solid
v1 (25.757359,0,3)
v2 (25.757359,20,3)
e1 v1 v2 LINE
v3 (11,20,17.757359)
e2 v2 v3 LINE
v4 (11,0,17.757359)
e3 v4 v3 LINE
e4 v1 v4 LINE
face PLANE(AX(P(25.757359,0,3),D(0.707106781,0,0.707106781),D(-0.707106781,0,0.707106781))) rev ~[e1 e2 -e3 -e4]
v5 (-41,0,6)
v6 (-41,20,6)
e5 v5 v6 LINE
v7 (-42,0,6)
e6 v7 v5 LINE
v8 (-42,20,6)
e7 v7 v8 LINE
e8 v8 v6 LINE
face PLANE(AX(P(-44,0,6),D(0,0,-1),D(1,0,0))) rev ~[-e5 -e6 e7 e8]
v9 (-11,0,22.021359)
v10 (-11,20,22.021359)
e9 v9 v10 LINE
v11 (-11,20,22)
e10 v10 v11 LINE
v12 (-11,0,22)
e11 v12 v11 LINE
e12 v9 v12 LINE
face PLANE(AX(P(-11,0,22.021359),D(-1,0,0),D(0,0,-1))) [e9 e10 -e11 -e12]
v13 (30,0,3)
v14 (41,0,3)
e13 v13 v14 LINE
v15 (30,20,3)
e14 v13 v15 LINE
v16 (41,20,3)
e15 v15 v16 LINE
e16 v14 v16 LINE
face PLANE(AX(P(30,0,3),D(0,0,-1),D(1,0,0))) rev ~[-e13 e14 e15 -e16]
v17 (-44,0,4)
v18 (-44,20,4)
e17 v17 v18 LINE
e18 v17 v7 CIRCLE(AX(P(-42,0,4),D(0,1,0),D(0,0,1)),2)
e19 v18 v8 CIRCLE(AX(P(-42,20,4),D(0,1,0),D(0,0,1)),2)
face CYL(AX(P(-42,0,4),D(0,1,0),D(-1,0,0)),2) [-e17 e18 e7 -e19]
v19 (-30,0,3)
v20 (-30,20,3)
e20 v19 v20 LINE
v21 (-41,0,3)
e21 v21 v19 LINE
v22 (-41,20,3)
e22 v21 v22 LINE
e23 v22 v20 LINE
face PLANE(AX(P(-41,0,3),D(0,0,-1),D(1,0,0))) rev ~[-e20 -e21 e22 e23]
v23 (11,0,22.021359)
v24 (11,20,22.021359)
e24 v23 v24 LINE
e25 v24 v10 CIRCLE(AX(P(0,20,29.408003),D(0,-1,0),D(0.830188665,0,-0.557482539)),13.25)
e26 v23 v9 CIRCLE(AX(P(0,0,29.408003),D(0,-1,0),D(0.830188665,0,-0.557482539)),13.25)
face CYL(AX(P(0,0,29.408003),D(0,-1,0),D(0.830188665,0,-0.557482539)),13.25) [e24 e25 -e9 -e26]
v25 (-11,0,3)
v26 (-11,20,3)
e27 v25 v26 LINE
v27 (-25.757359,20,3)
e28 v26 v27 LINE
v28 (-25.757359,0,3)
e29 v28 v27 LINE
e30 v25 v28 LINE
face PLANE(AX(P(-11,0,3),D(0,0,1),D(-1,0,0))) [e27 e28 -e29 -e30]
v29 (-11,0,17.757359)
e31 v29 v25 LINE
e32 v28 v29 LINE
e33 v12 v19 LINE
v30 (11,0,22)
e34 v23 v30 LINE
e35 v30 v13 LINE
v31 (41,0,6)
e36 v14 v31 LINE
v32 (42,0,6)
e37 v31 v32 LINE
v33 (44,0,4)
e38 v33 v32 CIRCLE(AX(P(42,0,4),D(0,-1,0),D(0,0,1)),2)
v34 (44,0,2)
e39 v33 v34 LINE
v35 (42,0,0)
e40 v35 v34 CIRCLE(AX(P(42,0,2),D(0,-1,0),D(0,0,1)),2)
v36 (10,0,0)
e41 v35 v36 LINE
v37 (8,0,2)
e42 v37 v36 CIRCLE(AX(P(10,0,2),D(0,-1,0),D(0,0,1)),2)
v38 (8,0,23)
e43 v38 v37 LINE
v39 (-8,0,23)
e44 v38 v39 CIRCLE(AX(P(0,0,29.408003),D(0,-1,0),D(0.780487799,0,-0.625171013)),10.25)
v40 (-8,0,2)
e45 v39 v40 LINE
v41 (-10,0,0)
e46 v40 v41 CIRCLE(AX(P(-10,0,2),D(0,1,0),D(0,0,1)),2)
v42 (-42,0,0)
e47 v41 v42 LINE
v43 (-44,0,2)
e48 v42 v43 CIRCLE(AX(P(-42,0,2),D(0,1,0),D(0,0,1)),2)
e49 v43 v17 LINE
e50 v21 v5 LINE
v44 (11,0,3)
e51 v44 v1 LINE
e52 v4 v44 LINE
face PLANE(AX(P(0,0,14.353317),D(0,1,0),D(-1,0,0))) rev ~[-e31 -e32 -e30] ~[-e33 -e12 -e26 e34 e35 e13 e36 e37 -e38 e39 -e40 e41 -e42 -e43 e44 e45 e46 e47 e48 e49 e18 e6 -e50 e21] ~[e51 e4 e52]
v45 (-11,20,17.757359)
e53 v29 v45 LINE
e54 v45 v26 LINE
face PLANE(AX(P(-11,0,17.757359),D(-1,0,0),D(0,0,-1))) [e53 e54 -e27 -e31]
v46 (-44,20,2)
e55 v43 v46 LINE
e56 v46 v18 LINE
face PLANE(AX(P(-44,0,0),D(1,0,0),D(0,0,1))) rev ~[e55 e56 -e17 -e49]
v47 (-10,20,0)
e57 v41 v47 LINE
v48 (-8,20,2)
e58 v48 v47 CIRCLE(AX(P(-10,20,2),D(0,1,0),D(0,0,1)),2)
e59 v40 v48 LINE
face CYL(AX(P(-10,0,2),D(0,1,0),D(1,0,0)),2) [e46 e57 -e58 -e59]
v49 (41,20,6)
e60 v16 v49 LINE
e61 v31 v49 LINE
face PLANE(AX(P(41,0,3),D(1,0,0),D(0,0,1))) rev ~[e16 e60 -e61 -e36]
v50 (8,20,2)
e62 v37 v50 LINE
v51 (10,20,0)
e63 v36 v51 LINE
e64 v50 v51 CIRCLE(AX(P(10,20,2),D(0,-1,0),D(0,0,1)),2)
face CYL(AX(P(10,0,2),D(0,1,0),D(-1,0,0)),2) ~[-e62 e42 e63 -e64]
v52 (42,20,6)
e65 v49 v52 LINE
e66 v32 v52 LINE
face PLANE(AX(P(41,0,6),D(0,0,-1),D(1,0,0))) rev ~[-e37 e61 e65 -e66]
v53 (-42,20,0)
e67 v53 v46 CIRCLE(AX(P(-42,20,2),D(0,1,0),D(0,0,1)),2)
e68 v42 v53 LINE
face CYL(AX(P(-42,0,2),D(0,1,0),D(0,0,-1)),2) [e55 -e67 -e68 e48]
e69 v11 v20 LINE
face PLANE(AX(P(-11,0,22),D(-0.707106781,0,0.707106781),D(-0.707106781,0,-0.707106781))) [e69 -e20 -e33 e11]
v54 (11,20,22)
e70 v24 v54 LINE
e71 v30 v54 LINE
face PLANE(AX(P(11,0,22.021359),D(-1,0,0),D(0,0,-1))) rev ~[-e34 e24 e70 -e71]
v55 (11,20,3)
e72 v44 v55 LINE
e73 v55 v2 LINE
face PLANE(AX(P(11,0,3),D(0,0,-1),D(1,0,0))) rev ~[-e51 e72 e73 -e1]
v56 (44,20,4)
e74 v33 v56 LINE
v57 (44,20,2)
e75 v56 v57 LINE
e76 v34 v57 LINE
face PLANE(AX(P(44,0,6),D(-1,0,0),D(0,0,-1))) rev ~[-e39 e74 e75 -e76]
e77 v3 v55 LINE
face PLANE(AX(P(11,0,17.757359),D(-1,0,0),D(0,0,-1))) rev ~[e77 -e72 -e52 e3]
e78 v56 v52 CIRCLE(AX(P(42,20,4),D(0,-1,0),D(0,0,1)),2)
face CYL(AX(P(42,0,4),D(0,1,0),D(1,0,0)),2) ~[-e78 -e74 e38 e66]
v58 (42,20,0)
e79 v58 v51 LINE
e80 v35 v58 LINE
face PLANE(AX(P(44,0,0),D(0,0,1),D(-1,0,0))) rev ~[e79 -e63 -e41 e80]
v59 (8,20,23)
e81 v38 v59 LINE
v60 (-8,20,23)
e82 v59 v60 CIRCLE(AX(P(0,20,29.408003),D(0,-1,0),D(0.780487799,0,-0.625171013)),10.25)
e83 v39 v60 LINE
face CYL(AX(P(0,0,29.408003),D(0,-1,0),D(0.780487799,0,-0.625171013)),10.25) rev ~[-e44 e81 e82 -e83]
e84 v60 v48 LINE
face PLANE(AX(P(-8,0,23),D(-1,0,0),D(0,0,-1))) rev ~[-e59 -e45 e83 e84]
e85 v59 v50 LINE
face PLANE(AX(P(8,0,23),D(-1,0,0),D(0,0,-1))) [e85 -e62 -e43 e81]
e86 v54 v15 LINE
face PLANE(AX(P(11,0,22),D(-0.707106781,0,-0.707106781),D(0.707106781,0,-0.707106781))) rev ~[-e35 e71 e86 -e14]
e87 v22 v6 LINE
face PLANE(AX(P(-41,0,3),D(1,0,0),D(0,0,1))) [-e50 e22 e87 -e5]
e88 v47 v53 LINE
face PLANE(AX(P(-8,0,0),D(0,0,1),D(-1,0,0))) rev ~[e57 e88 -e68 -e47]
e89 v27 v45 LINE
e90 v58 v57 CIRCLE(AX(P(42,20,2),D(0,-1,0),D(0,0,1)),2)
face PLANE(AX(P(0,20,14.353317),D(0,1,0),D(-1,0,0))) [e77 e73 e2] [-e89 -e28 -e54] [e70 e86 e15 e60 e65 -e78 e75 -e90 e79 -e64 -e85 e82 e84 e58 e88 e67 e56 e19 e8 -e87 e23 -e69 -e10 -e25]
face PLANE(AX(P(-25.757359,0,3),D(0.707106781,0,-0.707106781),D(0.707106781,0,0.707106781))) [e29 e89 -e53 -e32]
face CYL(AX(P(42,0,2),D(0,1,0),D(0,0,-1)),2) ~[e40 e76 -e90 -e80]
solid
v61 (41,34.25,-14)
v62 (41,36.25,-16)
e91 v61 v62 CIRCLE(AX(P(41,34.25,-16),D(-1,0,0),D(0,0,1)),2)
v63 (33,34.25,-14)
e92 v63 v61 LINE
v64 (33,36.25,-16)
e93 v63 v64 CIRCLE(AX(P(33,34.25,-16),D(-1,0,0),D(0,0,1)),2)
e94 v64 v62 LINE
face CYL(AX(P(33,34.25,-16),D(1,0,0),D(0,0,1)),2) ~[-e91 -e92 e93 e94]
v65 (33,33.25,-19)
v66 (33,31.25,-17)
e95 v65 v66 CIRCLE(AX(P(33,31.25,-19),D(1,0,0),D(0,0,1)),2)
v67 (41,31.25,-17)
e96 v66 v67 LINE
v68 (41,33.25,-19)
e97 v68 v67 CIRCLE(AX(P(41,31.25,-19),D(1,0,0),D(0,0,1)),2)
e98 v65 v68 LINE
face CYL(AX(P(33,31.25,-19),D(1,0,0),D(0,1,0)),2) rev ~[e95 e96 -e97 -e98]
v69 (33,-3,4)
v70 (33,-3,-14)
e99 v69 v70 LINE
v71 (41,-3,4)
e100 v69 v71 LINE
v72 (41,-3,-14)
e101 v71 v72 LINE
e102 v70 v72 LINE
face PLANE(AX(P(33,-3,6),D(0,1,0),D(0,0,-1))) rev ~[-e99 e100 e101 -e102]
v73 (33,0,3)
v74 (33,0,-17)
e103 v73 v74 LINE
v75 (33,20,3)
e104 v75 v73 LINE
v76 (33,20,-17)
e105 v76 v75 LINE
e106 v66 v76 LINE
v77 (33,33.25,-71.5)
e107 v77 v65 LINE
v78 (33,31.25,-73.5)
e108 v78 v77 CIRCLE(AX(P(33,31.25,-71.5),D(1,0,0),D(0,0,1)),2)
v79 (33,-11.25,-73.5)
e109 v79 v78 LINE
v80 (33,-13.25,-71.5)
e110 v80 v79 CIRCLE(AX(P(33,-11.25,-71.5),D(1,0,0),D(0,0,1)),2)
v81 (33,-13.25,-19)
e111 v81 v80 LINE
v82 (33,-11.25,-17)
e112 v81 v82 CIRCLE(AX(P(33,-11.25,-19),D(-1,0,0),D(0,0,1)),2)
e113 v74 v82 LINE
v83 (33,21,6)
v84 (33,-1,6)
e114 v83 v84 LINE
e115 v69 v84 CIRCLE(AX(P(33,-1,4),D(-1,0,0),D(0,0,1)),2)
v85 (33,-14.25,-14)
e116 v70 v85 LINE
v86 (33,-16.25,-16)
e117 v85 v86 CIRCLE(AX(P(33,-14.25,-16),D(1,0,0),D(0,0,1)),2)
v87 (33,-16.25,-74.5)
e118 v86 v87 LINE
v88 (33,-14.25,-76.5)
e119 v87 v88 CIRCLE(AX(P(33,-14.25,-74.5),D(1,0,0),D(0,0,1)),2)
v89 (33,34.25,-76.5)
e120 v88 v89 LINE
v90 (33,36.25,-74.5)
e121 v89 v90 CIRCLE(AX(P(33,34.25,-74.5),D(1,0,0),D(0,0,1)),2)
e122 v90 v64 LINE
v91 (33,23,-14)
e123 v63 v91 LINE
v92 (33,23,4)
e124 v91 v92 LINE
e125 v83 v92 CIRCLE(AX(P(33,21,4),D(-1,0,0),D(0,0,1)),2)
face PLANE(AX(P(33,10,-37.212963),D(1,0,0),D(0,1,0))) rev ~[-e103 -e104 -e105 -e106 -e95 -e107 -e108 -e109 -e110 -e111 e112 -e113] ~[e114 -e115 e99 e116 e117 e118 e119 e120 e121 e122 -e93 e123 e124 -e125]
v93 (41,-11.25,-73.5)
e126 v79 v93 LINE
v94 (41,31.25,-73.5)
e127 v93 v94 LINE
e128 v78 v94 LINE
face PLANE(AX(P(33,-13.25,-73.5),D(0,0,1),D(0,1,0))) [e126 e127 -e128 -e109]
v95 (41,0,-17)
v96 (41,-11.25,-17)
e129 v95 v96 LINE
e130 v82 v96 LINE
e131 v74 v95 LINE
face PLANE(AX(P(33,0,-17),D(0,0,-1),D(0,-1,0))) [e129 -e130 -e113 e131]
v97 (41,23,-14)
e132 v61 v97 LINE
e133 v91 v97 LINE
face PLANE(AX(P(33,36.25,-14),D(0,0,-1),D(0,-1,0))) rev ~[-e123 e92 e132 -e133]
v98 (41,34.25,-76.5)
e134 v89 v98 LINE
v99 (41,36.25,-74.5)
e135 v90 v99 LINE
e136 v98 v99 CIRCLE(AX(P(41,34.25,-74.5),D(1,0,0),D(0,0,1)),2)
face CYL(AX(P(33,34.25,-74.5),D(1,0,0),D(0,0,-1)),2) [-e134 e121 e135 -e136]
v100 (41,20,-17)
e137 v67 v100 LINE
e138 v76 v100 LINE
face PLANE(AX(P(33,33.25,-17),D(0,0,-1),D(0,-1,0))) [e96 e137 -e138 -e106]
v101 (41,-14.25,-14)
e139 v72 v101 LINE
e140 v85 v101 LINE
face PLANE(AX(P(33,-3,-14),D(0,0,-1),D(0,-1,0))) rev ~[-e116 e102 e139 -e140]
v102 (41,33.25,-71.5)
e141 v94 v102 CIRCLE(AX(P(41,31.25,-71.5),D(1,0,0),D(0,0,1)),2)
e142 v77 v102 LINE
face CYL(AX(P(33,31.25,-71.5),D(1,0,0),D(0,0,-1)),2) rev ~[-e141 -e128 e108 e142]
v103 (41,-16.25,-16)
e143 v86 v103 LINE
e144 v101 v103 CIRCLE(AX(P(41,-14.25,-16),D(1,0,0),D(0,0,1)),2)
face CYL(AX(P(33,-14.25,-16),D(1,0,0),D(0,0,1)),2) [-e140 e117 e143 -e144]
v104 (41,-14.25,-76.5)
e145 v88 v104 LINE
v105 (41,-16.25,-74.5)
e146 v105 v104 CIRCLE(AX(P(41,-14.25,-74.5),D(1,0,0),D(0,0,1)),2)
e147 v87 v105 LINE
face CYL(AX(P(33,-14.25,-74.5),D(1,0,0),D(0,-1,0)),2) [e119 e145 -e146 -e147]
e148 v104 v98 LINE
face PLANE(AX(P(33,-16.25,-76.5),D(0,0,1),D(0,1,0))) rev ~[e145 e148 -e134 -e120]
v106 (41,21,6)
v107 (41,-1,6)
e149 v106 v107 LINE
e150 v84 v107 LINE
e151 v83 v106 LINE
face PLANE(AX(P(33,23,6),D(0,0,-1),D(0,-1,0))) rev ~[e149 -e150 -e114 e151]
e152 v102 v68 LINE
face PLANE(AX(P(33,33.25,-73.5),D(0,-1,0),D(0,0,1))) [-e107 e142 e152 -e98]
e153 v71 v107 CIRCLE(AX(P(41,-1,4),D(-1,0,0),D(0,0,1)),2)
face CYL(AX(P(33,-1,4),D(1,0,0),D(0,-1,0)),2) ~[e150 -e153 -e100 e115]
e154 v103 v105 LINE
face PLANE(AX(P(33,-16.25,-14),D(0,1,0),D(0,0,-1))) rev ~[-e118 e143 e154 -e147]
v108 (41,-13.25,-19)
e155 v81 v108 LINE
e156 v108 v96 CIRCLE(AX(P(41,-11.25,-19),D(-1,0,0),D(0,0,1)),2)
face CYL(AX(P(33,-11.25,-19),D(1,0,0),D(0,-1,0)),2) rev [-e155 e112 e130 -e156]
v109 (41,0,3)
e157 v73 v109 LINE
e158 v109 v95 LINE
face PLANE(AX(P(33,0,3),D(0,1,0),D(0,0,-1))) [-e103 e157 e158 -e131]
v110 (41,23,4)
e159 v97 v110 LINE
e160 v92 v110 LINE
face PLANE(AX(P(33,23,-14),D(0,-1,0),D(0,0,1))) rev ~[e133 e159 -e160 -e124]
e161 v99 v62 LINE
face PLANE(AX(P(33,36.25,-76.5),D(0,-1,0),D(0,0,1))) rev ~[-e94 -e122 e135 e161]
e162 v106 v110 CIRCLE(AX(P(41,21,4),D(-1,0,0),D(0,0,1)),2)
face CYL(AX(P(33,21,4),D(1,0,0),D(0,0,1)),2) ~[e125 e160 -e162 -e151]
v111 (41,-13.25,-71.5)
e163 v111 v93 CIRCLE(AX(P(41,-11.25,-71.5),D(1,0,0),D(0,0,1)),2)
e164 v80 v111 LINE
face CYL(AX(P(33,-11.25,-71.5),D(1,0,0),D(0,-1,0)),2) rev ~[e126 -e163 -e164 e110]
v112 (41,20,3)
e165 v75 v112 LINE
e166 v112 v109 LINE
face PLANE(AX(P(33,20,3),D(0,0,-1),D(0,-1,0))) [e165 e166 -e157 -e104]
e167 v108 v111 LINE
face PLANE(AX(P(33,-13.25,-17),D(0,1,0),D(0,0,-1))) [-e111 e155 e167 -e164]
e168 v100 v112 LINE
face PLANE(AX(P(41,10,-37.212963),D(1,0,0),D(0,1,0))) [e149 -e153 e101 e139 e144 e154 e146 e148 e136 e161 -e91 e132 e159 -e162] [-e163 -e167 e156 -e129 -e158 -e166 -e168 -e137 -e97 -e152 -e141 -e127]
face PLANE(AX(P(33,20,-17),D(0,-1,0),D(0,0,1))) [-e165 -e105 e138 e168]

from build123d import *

# Parameters (mm, degrees)
PAD_DEPTH    = 20
FILLET001_R  = 2
PAD001_DEPTH = 8
FILLET_R     = 2


with BuildPart() as shower_mount:
    # Sketch → Pad (new body)
    with BuildSketch(Plane.XZ):
        with BuildLine():
            ThreePointArc((8, 23), (0, 39.658003), (-8, 23))
            Line((-8, 23), (-8, 3))
            Line((-8, 3), (-8, 0))
            Line((-8, 0), (-44, 0))
            Line((-44, 0), (-44, 6))
            Line((-44, 6), (-41, 6))
            Line((-41, 3), (-41, 6))
            Line((-41, 3), (-30, 3))
            Line((-11, 22), (-30, 3))
            Line((-11, 22.021359), (-11, 22))
            ThreePointArc((11, 22.021359), (0, 42.658003), (-11, 22.021359))
            Line((11, 22.021359), (11, 22))
            Line((11, 22), (30, 3))
            Line((30, 3), (41, 3))
            Line((41, 3), (41, 6))
            Line((41, 6), (44, 6))
            Line((44, 6), (44, 0))
            Line((44, 0), (8, 0))
            Line((8, 3), (8, 0))
            Line((8, 23), (8, 3))
        make_face()
        Polygon((-11, 3), (-25.757359, 3), (-11, 17.757359), align=None, mode=Mode.SUBTRACT)
        Polygon((11, 3), (25.757359, 3), (11, 17.757359), align=None, mode=Mode.SUBTRACT)
    extrude(amount=-PAD_DEPTH)

    # Fillet001
    fillet001_edges = [shower_mount.edges().sort_by_distance(p)[0] for p in [
        (44, 10, 0),
        (-44, 10, 0),
        (-8, 10, 0),
        (8, 10, 0),
        (-44, 10, 6),
        (44, 10, 6),
    ]]
    fillet(fillet001_edges, radius=FILLET001_R)


with BuildPart() as speaker_mount_bracket:
    # Sketch001 → Pad001 (new body)
    with BuildSketch(Plane.YZ.offset(33)):
        Polygon((-3, 6), (-3, -14), (-16.25, -14), (-16.25, -76.5), (36.25, -76.5), (36.25, -14), (23, -14), (23, 6), align=None)
        Polygon((-13.25, -17), (-13.25, -73.5), (33.25, -73.5), (33.25, -17), (20, -17), (20, 3), (0, 3), (0, -17), align=None, mode=Mode.SUBTRACT)
    extrude(amount=PAD001_DEPTH)

    # Fillet
    fillet_edges = [speaker_mount_bracket.edges().sort_by_distance(p)[0] for p in [
        (37, -13.25, -17),
        (37, -16.25, -14),
        (37, 33.25, -17),
        (37, 36.25, -14),
        (37, -16.25, -76.5),
        (37, -13.25, -73.5),
        (37, 33.25, -73.5),
        (37, 36.25, -76.5),
        (37, 23, 6),
        (37, -3, 6),
    ]]
    fillet(fillet_edges, radius=FILLET_R)


solid = Compound([shower_mount.part, speaker_mount_bracket.part])
